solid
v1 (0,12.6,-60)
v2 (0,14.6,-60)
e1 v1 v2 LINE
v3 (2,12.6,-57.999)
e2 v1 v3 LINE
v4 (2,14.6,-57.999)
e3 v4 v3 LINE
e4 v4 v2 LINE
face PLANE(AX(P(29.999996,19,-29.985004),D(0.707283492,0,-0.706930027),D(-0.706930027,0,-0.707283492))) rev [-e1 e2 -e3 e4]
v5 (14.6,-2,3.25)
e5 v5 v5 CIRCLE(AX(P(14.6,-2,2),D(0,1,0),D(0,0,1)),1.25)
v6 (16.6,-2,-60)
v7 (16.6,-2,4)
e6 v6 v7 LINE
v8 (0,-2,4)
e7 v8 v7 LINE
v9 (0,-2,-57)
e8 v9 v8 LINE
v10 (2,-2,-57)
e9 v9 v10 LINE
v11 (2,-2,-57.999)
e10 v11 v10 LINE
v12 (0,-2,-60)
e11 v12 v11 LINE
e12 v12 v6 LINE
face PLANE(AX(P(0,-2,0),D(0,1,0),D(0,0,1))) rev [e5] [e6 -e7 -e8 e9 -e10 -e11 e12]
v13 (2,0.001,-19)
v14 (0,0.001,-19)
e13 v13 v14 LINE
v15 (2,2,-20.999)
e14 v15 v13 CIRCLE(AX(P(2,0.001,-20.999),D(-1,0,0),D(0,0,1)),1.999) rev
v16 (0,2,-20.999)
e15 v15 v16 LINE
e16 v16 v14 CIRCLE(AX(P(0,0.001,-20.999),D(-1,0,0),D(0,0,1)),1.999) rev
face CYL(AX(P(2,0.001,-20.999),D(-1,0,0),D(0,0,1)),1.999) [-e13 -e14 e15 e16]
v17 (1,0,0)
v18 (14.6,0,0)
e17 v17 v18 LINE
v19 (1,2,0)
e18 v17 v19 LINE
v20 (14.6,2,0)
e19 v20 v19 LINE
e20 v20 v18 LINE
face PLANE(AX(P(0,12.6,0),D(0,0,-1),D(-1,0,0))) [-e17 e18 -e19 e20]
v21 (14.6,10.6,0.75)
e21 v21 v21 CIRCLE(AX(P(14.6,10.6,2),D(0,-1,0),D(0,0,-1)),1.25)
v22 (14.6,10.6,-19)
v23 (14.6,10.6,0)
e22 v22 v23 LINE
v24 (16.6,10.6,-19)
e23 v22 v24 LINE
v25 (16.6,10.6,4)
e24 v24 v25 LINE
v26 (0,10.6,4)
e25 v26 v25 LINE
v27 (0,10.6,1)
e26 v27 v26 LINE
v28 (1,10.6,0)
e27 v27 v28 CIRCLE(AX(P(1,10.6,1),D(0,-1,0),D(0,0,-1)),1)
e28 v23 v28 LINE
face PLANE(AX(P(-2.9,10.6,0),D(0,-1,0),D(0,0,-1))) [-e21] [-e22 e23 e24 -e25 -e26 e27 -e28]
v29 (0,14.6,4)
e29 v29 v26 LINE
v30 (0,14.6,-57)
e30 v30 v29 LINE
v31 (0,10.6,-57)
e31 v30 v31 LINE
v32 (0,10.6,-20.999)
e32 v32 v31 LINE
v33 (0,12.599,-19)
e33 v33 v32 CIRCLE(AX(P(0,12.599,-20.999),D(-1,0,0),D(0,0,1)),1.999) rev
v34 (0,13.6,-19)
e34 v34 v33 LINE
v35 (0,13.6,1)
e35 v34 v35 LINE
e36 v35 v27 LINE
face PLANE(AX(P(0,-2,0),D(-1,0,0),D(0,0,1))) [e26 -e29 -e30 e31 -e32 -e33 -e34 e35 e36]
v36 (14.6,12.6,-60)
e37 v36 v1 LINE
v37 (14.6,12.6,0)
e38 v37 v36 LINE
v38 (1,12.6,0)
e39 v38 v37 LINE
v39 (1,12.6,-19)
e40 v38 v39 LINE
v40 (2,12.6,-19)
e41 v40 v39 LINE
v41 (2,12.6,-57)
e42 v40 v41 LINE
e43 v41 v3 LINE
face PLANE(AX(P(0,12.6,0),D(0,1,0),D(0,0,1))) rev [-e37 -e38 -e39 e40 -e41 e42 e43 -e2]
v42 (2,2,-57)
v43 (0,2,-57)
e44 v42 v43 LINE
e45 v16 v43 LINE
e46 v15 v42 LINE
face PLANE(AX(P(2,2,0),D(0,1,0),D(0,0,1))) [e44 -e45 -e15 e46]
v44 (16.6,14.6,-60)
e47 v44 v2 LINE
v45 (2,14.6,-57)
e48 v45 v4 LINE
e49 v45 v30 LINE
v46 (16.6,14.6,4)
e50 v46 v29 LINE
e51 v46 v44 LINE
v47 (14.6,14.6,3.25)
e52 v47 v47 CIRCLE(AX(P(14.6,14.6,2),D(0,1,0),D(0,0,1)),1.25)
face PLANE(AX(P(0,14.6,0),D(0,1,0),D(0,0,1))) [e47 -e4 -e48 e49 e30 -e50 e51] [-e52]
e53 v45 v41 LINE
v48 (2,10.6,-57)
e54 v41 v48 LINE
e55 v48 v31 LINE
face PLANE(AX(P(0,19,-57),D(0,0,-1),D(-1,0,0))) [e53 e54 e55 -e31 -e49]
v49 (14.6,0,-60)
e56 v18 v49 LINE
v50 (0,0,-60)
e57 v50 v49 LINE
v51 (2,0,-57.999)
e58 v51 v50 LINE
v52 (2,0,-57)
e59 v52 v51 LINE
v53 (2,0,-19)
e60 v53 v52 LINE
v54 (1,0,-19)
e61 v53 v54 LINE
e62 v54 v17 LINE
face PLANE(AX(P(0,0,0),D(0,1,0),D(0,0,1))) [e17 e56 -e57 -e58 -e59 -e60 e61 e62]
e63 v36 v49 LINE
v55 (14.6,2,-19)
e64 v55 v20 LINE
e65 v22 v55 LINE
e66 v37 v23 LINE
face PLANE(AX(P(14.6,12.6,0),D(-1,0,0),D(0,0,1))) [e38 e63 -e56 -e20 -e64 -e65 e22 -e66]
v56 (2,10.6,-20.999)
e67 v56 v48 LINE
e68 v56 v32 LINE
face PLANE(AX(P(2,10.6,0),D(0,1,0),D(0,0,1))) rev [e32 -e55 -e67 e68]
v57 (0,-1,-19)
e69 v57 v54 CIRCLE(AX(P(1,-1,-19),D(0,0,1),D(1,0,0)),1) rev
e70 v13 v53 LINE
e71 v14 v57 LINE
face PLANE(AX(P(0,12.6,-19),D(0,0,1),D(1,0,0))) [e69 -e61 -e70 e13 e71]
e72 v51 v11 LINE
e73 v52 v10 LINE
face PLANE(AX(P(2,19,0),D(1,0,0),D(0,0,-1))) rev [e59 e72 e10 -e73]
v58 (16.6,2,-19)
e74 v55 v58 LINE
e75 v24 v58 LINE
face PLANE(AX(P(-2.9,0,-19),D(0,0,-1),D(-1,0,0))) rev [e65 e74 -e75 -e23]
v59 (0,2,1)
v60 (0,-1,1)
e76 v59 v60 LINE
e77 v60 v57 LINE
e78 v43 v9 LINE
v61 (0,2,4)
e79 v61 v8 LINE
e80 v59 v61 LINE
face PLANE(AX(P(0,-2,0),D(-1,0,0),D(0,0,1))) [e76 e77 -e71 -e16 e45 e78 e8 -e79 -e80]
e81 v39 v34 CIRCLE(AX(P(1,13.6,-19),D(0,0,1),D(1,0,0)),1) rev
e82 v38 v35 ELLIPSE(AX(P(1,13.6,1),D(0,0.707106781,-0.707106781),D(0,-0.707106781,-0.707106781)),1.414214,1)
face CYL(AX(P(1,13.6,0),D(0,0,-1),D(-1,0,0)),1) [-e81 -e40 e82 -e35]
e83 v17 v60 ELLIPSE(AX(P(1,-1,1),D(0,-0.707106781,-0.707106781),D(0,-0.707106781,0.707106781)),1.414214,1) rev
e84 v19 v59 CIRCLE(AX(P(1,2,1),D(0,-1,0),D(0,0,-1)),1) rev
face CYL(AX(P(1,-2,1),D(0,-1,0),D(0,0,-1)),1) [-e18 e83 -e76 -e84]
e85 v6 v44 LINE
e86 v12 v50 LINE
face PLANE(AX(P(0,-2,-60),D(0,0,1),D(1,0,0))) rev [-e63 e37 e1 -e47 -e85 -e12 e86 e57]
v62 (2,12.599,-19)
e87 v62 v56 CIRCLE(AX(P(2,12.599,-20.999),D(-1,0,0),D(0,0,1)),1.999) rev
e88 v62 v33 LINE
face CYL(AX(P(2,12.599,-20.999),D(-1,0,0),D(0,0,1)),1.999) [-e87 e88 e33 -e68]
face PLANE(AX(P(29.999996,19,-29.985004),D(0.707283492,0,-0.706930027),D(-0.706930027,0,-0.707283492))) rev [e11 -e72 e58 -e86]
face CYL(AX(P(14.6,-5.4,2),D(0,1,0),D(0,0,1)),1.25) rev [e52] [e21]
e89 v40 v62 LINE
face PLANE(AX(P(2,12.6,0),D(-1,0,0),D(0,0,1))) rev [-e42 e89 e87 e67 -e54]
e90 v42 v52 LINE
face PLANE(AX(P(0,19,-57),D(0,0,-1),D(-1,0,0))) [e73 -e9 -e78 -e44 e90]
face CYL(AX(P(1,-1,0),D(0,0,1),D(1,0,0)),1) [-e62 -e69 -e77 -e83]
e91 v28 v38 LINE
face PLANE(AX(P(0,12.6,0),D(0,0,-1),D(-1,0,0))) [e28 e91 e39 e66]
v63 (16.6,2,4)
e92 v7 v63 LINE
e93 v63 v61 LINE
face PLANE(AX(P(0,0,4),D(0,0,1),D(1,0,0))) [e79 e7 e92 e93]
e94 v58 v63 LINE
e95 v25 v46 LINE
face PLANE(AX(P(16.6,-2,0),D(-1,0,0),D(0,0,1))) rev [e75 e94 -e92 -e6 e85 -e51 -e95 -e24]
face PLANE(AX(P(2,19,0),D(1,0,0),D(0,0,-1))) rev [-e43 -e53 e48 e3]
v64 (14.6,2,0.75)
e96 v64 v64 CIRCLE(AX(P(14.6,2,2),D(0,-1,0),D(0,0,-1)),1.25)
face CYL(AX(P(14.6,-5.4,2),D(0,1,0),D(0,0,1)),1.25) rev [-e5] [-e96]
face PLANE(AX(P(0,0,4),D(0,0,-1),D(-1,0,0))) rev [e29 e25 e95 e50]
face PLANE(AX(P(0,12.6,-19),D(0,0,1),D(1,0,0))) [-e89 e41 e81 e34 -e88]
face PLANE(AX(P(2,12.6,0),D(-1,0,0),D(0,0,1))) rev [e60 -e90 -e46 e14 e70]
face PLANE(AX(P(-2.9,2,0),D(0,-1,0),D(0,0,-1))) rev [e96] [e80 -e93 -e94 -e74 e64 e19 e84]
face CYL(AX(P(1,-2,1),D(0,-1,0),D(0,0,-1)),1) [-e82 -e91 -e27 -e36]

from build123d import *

# Parameters (mm, degrees)
SKETCH1_W               = 16.6
SKETCH1_H               = 62
BOSS_EXTRUDE1_DEPTH     = 2
SKETCH1_7_W             = 2
SKETCH1_7_H             = 41
BOSS_EXTRUDE2_DEPTH     = 12.6
SKETCH2_W               = 16.6
SKETCH2_H               = 62
BOSS_EXTRUDE3_DEPTH     = 2
SKETCH3_W               = 41
SKETCH3_H               = 8.6
CUT_EXTRUDE1_DEPTH      = 2
CUT_EXTRUDE2_DEPTH      = 2
CUT_EXTRUDE4_DEPTH      = 17.5
CUT_EXTRUDE4_DEPTH_BACK = 14.5
SKETCH5_W               = 21
SKETCH5_H               = 8.6
SKETCH7_W               = 16.6
SKETCH7_H               = 4
BOSS_EXTRUDE4_DEPTH     = 2
SKETCH9_R               = 1.25
CUT_EXTRUDE6_DEPTH      = 20
FILLET3_R               = 1
CUT_EXTRUDE7_DEPTH      = 21
SKETCH13_W              = 2
SKETCH13_H              = 2
CUT_EXTRUDE8_DEPTH      = 3


with BuildPart() as part:
    # Sketch1 → Boss-Extrude1 (new body)
    with BuildSketch(Plane(origin=(0, 0, 0), x_dir=(1, 0, 0), z_dir=(0, 1, 0))):
        with Locations((8.3, 29)):
            Rectangle(SKETCH1_W, SKETCH1_H)
    extrude(amount=-BOSS_EXTRUDE1_DEPTH)

    # Sketch1<7> → Boss-Extrude2 (add)
    with BuildSketch(Plane(origin=(0, 0, 0), x_dir=(1, 0, 0), z_dir=(0, 1, 0))):
        with Locations((1, 39.5)):
            Rectangle(SKETCH1_7_W, SKETCH1_7_H)
        Polygon((16.6, 60), (14.6, 60), (14.6, 0), (0, 0), (0, -2), (16.6, -2), align=None)
    extrude(amount=BOSS_EXTRUDE2_DEPTH)

    # Sketch2 → Boss-Extrude3 (add)
    with BuildSketch(Plane(origin=(0, 12.6, 0), x_dir=(1, 0, 0), z_dir=(0, 1, 0))):
        with Locations((8.3, 29)):
            Rectangle(SKETCH2_W, SKETCH2_H)
    extrude(amount=BOSS_EXTRUDE3_DEPTH)

    # Sketch3 → Cut-Extrude1 (cut)
    with BuildSketch(Plane.ZY):
        with Locations((-39.5, 6.3)):
            Rectangle(SKETCH3_W, SKETCH3_H)
    extrude(amount=-CUT_EXTRUDE1_DEPTH, mode=Mode.SUBTRACT)

    # Sketch4 → Cut-Extrude2 (cut)
    with BuildSketch(Plane.ZY):
        with BuildLine():
            ThreePointArc((-20.999, 2), (-19.585493544, 1.414506456), (-19, 0.001))
            Line((-19, 0.001), (-19, 2))
            Line((-19, 2), (-20.999, 2))
        make_face()
        with BuildLine():
            ThreePointArc((-19, 12.599), (-19.585493544, 11.185493544), (-20.999, 10.6))
            Line((-20.999, 10.6), (-19, 10.6))
            Line((-19, 10.6), (-19, 12.599))
        make_face()
    extrude(amount=-CUT_EXTRUDE2_DEPTH, mode=Mode.SUBTRACT)

    # Sketch5 → Cut-Extrude4 (cut, two sides: drawn at the far end of the back side and taken through both)
    with BuildSketch(Plane.ZY.offset(-14.6).offset(-CUT_EXTRUDE4_DEPTH_BACK)):
        with Locations((-8.5, 6.3)):
            Rectangle(SKETCH5_W, SKETCH5_H)
    extrude(amount=CUT_EXTRUDE4_DEPTH + CUT_EXTRUDE4_DEPTH_BACK, mode=Mode.SUBTRACT)

    # Sketch7 → Boss-Extrude4 (add)
    with BuildSketch(Plane.XY.offset(2)):
        with Locations((8.3, 0)):
            Rectangle(SKETCH7_W, SKETCH7_H)
        with Locations((8.3, 12.6)):
            Rectangle(SKETCH7_W, SKETCH7_H)
    extrude(amount=BOSS_EXTRUDE4_DEPTH)

    # Sketch9 → Cut-Extrude6 (cut)
    with BuildSketch(Plane(origin=(0, 14.6, 0), x_dir=(1, 0, 0), z_dir=(0, 1, 0))):
        with Locations((14.6, -2)):
            Circle(SKETCH9_R)
    extrude(amount=-CUT_EXTRUDE6_DEPTH, mode=Mode.SUBTRACT)

    # Fillet3
    fillet3_edges = [part.edges().sort_by_distance(p)[0] for p in [
        (0, 12.6, -9.5),
        (0, 11.6, 0),
        (0, 1, 0),
        (0, 0, -9.5),
    ]]
    fillet(fillet3_edges, radius=FILLET3_R)

    # Sketch12 → Cut-Extrude7 (cut)
    with BuildSketch(Plane(origin=(0, -2, 0), x_dir=(-1, 0, 0), z_dir=(0, -1, 0))):
        Polygon((0, 59.999), (0, 60), (-1.99900025, 58.00000025), (-2, 57.999), (-2, 57), (0, 57), (0, 57.999), (0, 58), align=None)
    extrude(amount=-CUT_EXTRUDE7_DEPTH, mode=Mode.SUBTRACT)

    # Sketch13 → Cut-Extrude8 (cut)
    with BuildSketch(Plane(origin=(0, 0, -60), x_dir=(-1, 0, 0), z_dir=(0, 0, -1))):
        with Locations((-1, 11.6)):
            Rectangle(SKETCH13_W, SKETCH13_H)
        with Locations((-1, 1)):
            Rectangle(SKETCH13_W, SKETCH13_H)
    extrude(amount=-CUT_EXTRUDE8_DEPTH, mode=Mode.SUBTRACT)


solid = part.part
